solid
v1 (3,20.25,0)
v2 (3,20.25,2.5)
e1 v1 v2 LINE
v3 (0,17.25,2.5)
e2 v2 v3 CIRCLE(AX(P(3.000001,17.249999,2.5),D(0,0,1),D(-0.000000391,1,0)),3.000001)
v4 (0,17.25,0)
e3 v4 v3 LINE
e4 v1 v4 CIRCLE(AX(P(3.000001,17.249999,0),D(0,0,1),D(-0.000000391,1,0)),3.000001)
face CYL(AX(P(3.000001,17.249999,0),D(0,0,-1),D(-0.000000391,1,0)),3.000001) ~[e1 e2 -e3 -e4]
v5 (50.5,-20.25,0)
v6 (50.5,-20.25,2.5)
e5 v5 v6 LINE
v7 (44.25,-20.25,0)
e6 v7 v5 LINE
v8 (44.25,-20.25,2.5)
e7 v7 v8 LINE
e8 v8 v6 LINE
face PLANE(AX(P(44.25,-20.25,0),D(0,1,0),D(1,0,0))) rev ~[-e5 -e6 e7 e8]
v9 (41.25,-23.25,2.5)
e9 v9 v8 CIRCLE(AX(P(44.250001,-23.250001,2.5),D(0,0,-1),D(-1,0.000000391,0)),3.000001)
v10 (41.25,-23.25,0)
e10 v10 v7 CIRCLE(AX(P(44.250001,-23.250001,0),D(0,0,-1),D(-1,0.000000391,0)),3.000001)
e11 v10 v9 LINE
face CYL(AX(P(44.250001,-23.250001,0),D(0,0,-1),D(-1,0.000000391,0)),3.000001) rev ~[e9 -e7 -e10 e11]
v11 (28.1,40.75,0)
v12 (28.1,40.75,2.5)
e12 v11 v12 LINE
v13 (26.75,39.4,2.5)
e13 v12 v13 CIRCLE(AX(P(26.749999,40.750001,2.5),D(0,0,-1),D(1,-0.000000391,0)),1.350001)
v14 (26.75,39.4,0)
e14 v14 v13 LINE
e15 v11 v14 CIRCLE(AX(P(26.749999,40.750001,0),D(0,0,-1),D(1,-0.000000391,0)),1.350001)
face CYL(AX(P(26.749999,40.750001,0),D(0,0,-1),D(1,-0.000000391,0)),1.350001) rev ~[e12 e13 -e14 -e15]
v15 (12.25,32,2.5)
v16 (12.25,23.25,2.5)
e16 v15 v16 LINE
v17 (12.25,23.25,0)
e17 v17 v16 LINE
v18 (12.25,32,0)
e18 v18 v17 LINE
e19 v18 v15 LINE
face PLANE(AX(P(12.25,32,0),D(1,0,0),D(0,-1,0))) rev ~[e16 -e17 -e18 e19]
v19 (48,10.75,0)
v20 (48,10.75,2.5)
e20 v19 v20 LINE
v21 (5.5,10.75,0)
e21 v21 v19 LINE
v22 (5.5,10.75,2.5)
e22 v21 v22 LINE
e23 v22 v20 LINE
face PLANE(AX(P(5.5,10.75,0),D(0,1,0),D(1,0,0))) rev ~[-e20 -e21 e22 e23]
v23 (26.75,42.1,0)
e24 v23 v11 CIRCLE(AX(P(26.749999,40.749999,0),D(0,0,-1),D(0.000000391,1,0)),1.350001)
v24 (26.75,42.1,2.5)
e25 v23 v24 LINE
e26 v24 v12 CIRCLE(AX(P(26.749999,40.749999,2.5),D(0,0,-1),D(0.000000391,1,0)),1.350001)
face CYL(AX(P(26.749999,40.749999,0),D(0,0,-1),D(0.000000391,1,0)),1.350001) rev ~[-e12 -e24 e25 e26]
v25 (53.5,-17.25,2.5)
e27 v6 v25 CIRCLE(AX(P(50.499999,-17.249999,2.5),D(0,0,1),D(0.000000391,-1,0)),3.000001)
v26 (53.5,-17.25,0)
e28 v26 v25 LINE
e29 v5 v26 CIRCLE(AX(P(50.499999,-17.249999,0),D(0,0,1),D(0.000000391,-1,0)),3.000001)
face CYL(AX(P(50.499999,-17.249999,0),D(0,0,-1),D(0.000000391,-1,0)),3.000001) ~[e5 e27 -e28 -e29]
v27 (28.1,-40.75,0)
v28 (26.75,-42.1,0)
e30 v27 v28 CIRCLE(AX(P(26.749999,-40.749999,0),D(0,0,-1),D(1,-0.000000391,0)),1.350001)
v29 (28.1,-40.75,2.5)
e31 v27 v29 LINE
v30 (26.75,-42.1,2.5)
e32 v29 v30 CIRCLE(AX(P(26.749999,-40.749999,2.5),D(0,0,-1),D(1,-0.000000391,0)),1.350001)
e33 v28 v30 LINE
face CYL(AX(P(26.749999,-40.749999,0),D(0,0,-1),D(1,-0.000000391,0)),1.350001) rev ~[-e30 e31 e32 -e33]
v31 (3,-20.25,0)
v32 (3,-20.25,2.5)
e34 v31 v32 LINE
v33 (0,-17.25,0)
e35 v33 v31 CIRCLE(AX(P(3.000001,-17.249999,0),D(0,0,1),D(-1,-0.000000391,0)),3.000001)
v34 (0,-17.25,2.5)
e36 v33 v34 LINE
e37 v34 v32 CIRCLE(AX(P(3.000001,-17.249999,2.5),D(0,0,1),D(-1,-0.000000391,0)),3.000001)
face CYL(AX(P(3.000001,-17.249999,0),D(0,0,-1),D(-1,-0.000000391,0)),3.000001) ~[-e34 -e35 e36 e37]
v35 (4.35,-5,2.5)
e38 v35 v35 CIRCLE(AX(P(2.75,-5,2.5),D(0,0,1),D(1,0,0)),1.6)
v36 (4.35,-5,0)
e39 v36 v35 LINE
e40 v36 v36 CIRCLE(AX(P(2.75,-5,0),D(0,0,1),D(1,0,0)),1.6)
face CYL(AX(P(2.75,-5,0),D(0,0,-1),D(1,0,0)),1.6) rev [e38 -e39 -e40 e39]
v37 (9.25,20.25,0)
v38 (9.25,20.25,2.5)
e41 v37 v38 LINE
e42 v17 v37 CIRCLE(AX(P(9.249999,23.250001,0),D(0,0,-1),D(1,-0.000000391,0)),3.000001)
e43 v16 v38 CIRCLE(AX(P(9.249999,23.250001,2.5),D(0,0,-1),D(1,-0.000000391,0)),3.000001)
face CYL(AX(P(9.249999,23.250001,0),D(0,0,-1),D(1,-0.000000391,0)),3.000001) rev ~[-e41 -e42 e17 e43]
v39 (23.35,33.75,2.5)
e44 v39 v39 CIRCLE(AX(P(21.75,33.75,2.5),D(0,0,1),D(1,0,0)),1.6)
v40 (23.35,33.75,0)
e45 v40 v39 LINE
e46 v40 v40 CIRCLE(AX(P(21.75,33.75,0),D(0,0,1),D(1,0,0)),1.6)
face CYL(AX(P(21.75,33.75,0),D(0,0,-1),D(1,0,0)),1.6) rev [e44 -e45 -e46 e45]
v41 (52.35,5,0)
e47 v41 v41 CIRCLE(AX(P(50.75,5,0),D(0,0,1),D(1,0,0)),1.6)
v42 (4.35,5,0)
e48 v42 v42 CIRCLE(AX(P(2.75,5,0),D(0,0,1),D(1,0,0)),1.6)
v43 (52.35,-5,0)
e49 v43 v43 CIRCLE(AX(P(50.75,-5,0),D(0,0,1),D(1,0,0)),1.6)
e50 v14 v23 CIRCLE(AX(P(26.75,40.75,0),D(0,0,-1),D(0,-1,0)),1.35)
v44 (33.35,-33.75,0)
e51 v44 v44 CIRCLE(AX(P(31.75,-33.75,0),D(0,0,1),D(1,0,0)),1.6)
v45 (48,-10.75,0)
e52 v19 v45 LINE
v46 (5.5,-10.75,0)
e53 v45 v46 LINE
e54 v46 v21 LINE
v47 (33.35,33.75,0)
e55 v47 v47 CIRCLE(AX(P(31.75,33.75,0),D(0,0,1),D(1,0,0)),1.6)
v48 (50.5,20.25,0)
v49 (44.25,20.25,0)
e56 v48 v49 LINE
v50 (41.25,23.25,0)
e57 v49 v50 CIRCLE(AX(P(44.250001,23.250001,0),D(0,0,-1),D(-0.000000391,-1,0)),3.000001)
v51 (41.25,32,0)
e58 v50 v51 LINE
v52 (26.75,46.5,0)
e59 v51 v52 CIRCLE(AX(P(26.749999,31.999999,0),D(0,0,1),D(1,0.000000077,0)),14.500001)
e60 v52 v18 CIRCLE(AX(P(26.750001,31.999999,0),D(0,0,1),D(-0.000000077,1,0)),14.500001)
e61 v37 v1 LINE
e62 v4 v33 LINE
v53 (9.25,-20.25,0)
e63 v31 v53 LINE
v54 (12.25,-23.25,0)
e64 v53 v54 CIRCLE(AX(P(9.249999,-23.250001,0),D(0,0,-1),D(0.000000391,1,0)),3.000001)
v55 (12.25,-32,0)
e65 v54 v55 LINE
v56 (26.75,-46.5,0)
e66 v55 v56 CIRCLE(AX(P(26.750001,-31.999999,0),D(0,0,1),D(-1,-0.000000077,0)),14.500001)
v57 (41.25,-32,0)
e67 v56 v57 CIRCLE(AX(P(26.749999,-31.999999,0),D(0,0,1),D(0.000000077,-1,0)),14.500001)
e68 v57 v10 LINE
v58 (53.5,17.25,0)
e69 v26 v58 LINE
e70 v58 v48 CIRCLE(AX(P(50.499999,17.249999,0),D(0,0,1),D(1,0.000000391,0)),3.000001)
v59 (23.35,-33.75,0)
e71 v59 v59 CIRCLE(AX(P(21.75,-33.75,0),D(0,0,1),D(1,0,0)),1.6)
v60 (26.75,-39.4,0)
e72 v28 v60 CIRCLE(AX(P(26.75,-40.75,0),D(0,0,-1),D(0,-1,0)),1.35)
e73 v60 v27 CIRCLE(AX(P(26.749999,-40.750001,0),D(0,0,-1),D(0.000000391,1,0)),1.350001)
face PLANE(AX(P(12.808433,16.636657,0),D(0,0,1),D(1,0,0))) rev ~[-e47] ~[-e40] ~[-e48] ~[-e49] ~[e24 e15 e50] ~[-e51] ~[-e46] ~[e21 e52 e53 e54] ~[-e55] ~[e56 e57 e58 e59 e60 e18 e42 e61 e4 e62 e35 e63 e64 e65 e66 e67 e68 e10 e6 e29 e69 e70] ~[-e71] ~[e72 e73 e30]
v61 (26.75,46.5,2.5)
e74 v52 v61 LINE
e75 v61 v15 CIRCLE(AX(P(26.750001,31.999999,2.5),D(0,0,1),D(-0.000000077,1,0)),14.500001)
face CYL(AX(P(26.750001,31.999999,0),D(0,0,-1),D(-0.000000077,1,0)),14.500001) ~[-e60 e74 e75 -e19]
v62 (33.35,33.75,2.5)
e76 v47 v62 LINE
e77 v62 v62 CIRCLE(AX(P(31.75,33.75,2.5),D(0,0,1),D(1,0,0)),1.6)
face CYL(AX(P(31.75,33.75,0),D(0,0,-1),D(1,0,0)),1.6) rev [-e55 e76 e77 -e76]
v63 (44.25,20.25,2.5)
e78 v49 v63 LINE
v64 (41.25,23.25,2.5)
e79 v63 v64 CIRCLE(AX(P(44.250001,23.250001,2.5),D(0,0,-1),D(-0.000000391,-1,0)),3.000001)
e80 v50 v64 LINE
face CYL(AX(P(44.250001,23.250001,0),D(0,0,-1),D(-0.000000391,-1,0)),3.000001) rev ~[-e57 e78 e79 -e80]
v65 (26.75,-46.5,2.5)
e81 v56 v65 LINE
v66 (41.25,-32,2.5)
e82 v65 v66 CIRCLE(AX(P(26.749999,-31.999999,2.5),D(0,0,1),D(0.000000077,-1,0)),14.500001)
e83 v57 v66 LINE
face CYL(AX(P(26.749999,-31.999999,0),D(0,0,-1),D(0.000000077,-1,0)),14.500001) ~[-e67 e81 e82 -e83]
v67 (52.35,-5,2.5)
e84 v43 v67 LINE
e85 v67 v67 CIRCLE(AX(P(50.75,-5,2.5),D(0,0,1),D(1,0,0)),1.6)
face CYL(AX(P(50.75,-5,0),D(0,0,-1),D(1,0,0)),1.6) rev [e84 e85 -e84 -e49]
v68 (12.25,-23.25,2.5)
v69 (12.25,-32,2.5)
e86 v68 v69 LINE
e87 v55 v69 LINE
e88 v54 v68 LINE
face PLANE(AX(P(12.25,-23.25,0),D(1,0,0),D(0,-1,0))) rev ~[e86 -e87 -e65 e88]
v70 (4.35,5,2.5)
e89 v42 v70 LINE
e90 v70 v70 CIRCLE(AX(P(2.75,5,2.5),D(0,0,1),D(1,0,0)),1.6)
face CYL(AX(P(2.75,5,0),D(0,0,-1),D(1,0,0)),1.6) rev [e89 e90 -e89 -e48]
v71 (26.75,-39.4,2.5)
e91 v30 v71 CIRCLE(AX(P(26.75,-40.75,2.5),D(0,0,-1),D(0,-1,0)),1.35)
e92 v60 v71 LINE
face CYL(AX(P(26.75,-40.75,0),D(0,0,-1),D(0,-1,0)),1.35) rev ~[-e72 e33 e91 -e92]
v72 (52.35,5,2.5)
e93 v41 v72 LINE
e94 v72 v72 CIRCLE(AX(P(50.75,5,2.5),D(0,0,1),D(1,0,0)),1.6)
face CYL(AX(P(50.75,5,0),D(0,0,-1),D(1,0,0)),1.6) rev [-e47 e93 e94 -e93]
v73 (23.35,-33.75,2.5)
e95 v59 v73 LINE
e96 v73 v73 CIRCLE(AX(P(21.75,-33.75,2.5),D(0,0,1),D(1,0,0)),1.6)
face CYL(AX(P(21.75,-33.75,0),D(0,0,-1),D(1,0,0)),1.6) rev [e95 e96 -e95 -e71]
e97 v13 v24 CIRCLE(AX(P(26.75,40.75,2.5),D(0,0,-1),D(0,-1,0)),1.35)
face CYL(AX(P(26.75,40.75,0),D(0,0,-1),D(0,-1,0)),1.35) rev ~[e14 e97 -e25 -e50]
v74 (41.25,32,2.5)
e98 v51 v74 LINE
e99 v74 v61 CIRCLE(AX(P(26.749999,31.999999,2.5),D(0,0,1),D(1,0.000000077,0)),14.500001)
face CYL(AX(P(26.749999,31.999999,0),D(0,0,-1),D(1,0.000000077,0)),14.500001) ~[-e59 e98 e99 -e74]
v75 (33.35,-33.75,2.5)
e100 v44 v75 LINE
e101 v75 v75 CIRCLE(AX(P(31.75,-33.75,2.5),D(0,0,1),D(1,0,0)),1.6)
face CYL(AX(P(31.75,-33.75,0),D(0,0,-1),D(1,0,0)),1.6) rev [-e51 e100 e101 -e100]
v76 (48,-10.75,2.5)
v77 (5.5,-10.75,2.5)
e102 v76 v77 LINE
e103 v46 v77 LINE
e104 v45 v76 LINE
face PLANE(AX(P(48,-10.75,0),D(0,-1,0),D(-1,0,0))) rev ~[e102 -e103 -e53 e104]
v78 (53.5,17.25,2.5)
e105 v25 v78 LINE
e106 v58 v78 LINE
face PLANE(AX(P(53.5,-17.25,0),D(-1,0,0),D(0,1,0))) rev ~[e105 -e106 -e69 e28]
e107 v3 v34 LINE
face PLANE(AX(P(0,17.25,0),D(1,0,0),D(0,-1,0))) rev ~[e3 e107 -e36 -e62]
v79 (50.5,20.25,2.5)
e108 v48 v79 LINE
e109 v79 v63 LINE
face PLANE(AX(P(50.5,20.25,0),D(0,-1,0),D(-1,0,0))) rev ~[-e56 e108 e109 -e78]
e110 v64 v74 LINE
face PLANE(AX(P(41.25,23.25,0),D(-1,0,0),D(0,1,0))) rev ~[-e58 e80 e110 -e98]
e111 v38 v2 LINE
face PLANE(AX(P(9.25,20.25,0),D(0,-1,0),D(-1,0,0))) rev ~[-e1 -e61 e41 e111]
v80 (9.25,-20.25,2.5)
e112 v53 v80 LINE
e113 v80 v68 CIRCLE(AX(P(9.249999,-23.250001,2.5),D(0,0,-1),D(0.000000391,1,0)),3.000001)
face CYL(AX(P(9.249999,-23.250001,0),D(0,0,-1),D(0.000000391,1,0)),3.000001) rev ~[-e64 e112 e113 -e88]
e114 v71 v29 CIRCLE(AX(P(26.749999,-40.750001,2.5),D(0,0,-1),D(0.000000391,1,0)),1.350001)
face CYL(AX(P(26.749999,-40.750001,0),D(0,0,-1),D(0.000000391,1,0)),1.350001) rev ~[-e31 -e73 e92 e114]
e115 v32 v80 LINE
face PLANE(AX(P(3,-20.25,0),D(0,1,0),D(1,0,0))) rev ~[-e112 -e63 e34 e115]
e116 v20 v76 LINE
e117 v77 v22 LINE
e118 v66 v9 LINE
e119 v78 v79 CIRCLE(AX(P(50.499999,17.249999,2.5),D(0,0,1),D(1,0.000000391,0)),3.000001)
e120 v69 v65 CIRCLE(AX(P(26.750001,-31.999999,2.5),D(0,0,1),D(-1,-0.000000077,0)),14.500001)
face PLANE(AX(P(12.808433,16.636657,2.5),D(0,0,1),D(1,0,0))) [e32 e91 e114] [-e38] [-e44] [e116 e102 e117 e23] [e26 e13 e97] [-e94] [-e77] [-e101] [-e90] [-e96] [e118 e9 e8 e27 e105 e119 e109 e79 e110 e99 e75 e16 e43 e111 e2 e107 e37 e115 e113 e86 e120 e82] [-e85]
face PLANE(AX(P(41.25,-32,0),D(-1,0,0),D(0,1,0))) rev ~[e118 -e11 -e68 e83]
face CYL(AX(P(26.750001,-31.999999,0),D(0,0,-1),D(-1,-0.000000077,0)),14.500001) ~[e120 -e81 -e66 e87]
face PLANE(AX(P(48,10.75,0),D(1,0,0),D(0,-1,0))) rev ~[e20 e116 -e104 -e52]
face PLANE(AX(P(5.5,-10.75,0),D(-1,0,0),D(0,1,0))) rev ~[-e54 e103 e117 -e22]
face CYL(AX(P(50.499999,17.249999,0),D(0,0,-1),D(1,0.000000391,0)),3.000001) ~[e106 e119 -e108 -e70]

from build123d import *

# Parameters (mm, degrees)
F0_R     = 1.6
F1_DEPTH = 2.5


with BuildPart() as f1:
    # F0 (on Top) → F1 (new body)
    with BuildSketch(Plane.XY):
        with BuildLine():
            Line((0, 17.25), (0, 0))
            Line((0, 0), (5.5, 0))
            Line((5.5, 0), (5.5, 10.75))
            Line((5.5, 10.75), (26.75, 10.75))
            Line((26.75, 10.75), (26.75, 32))
            Line((26.75, 32), (12.25, 32))
            Line((12.25, 32), (12.25, 23.25))
            ThreePointArc((12.25, 23.25), (11.37132, 21.12868), (9.25, 20.25))
            Line((9.25, 20.25), (3, 20.25))
            ThreePointArc((3, 20.25), (0.87868, 19.37132), (0, 17.25))
        make_face()
        with Locations((2.75, 5)):
            Circle(F0_R, mode=Mode.SUBTRACT)
        with BuildLine():
            Line((5.5, 0), (0, 0))
            Line((0, 0), (0, -17.25))
            ThreePointArc((0, -17.25), (0.87868, -19.37132), (3, -20.25))
            Line((3, -20.25), (9.25, -20.25))
            ThreePointArc((9.25, -20.25), (11.37132, -21.12868), (12.25, -23.25))
            Line((12.25, -23.25), (12.25, -32))
            Line((12.25, -32), (26.75, -32))
            Line((26.75, -32), (26.75, -10.75))
            Line((26.75, -10.75), (5.5, -10.75))
            Line((5.5, -10.75), (5.5, 0))
        make_face()
        with Locations((2.75, -5)):
            Circle(F0_R, mode=Mode.SUBTRACT)
        with BuildLine():
            Line((48, 10.75), (48, 0))
            Line((48, 0), (53.5, 0))
            Line((53.5, 0), (53.5, 17.25))
            ThreePointArc((53.5, 17.25), (52.62132, 19.37132), (50.5, 20.25))
            Line((50.5, 20.25), (44.25, 20.25))
            ThreePointArc((44.25, 20.25), (42.12868, 21.12868), (41.25, 23.25))
            Line((41.25, 23.25), (41.25, 32))
            Line((41.25, 32), (26.75, 32))
            Line((26.75, 32), (26.75, 10.75))
            Line((26.75, 10.75), (48, 10.75))
        make_face()
        with Locations((50.75, 5)):
            Circle(F0_R, mode=Mode.SUBTRACT)
        with BuildLine():
            Line((53.5, 0), (48, 0))
            Line((48, 0), (48, -10.75))
            Line((48, -10.75), (26.75, -10.75))
            Line((26.75, -10.75), (26.75, -32))
            Line((26.75, -32), (41.25, -32))
            Line((41.25, -32), (41.25, -23.25))
            ThreePointArc((41.25, -23.25), (42.12868, -21.12868), (44.25, -20.25))
            Line((44.25, -20.25), (50.5, -20.25))
            ThreePointArc((50.5, -20.25), (52.62132, -19.37132), (53.5, -17.25))
            Line((53.5, -17.25), (53.5, 0))
        make_face()
        with Locations((50.75, -5)):
            Circle(F0_R, mode=Mode.SUBTRACT)
        with BuildLine():
            Line((41.25, -32), (26.75, -32))
            Line((26.75, -32), (26.75, -39.4))
            ThreePointArc((26.75, -39.4), (27.704594, -39.795406), (28.1, -40.75))
            ThreePointArc((28.1, -40.75), (27.704594, -41.704594), (26.75, -42.1))
            Line((26.75, -42.1), (26.75, -46.5))
            ThreePointArc((26.75, -46.5), (37.003048, -42.253048), (41.25, -32))
        make_face()
        with Locations((31.75, -33.75)):
            Circle(F0_R, mode=Mode.SUBTRACT)
        with BuildLine():
            Line((26.75, -39.4), (26.75, -32))
            Line((26.75, -32), (12.25, -32))
            ThreePointArc((12.25, -32), (16.496952, -42.253048), (26.75, -46.5))
            Line((26.75, -46.5), (26.75, -42.1))
            ThreePointArc((26.75, -42.1), (25.4, -40.75), (26.75, -39.4))
        make_face()
        with Locations((21.75, -33.75)):
            Circle(F0_R, mode=Mode.SUBTRACT)
        with BuildLine():
            Line((12.25, 32), (26.75, 32))
            Line((26.75, 32), (26.75, 39.4))
            ThreePointArc((26.75, 39.4), (25.4, 40.75), (26.75, 42.1))
            Line((26.75, 42.1), (26.75, 46.5))
            ThreePointArc((26.75, 46.5), (16.496952, 42.253048), (12.25, 32))
        make_face()
        with Locations((21.75, 33.75)):
            Circle(F0_R, mode=Mode.SUBTRACT)
        with BuildLine():
            Line((26.75, 39.4), (26.75, 32))
            Line((26.75, 32), (41.25, 32))
            ThreePointArc((41.25, 32), (37.003048, 42.253048), (26.75, 46.5))
            Line((26.75, 46.5), (26.75, 42.1))
            ThreePointArc((26.75, 42.1), (27.704594, 41.704594), (28.1, 40.75))
            ThreePointArc((28.1, 40.75), (27.704594, 39.795406), (26.75, 39.4))
        make_face()
        with Locations((31.75, 33.75)):
            Circle(F0_R, mode=Mode.SUBTRACT)
    extrude(amount=F1_DEPTH)


solid = f1.part
